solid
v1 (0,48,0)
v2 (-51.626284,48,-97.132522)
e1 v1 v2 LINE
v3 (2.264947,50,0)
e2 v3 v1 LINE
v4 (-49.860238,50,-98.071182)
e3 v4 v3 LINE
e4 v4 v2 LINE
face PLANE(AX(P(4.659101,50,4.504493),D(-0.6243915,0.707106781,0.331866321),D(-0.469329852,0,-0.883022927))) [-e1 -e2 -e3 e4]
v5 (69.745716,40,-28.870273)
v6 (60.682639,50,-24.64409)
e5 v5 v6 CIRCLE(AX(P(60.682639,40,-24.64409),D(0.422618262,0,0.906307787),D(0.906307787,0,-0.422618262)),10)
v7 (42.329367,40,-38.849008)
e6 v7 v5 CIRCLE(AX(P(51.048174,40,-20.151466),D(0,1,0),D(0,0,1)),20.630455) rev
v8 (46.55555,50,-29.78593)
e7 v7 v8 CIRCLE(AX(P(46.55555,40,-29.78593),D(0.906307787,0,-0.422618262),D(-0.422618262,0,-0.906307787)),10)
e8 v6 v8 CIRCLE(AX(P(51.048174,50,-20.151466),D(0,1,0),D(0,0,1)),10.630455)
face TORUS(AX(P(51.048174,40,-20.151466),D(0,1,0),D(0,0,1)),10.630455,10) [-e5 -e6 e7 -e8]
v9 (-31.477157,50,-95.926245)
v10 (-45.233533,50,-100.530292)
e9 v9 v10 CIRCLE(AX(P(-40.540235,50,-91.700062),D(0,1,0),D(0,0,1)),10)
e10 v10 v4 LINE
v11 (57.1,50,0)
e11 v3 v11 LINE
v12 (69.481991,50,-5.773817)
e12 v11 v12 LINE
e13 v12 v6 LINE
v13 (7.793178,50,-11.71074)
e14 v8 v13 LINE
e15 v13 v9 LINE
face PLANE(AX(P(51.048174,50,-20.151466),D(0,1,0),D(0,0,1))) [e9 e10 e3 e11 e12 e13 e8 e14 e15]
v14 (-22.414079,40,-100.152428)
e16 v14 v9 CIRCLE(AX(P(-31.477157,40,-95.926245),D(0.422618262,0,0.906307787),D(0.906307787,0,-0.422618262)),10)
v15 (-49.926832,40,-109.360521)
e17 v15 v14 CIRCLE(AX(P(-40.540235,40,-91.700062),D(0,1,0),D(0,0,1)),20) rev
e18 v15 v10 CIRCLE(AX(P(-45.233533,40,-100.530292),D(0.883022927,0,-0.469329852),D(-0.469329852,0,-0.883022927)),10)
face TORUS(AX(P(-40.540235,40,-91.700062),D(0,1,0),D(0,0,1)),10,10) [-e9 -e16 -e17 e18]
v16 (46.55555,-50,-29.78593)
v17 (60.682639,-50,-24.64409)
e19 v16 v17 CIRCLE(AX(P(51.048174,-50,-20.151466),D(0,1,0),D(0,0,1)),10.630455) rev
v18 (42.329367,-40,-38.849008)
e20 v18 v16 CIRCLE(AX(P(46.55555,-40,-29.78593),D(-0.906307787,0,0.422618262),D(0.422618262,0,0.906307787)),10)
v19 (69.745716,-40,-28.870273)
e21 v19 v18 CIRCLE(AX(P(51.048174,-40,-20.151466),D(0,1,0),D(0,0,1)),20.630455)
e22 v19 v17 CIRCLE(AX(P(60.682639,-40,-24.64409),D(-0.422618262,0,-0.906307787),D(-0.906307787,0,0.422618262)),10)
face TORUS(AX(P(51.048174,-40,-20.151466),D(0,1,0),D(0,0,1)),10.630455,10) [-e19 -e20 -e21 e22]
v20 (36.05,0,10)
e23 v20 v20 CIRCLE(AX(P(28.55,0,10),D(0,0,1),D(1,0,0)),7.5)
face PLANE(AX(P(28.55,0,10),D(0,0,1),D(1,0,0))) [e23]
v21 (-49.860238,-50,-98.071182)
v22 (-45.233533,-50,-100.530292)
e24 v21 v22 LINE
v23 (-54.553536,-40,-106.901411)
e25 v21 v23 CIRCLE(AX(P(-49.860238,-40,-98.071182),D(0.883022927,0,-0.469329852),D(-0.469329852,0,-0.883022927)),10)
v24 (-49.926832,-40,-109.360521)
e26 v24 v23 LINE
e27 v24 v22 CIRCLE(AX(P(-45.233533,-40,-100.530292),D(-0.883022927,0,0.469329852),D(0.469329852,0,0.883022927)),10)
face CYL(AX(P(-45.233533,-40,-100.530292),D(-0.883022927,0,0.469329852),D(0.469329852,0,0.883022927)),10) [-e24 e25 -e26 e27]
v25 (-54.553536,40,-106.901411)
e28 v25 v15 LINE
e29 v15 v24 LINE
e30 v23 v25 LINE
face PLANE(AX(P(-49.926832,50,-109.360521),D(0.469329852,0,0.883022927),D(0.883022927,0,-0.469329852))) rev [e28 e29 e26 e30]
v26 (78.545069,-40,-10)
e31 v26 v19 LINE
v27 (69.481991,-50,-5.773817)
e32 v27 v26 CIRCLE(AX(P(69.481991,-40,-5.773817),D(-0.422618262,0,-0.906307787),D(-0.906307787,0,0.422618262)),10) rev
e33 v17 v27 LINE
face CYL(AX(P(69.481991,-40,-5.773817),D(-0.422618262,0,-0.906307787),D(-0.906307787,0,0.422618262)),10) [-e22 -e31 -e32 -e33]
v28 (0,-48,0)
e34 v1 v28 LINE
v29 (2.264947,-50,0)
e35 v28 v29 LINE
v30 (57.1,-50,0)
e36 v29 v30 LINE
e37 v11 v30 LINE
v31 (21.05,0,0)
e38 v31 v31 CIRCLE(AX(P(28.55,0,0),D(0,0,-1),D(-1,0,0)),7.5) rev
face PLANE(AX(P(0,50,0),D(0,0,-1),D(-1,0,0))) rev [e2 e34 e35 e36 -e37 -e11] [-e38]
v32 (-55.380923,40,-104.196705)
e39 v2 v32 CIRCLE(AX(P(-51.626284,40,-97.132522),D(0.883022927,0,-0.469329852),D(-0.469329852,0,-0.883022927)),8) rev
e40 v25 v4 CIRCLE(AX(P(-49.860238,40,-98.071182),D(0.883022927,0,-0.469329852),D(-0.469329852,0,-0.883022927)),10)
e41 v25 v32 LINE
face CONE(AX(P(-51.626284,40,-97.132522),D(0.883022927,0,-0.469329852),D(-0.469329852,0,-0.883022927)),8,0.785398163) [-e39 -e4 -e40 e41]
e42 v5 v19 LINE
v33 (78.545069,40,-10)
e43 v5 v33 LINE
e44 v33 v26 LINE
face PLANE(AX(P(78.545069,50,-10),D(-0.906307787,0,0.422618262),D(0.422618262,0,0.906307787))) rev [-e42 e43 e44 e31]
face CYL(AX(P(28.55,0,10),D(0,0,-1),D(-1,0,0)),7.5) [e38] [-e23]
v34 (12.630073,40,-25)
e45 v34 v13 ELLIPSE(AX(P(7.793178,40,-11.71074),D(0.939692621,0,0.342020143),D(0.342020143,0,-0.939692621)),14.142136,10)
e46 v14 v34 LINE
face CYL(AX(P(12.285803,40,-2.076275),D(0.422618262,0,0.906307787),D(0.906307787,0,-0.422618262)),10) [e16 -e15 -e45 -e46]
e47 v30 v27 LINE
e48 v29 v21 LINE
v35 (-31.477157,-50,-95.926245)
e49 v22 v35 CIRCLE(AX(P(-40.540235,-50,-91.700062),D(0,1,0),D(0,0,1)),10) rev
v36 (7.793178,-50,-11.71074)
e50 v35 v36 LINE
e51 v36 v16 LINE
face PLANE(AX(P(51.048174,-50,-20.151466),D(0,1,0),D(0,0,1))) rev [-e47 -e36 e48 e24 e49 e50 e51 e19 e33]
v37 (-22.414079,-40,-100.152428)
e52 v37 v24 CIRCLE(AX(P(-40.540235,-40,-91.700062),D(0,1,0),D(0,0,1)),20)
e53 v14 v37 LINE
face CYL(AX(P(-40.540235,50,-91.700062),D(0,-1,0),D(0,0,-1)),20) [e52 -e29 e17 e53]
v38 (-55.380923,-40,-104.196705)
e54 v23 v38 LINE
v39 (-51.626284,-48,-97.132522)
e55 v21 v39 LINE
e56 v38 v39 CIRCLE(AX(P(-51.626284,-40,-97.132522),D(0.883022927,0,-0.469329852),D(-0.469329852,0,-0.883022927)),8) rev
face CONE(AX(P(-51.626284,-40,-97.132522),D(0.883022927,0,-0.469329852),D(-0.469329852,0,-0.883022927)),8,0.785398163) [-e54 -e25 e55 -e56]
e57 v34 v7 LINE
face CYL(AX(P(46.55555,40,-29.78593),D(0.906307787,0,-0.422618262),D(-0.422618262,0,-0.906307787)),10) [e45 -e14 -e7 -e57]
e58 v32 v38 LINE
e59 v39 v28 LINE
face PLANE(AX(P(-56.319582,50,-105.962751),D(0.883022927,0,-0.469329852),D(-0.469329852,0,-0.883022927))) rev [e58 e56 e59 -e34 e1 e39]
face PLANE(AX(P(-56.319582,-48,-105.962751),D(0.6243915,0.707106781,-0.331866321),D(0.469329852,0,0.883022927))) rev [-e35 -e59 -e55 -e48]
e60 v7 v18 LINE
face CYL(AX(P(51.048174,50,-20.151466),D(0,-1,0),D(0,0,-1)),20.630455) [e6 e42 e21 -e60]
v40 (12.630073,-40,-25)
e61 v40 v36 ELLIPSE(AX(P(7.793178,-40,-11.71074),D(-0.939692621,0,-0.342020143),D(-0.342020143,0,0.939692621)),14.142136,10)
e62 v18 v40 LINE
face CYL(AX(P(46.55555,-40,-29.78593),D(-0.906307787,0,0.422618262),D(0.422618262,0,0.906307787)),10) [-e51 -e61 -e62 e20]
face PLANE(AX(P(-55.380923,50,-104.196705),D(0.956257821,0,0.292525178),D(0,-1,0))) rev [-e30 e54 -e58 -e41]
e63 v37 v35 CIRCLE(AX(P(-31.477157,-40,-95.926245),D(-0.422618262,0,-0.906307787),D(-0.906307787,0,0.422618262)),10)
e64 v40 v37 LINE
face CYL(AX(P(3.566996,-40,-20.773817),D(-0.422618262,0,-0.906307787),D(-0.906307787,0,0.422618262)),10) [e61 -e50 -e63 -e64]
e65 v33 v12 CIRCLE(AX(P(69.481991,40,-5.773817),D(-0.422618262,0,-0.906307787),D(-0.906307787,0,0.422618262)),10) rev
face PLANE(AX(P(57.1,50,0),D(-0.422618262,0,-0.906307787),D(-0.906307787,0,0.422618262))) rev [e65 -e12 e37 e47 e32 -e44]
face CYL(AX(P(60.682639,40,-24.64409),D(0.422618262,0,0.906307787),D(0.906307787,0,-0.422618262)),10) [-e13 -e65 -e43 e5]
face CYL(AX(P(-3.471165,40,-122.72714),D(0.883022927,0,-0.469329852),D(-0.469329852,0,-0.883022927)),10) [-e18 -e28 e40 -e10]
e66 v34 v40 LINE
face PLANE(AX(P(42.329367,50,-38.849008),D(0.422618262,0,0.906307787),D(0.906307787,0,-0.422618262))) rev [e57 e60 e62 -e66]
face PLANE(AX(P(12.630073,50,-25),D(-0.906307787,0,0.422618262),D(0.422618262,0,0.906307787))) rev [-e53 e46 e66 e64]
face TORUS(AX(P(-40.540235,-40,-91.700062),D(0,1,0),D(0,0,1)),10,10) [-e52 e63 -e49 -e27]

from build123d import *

# Parameters (mm, degrees)
BOSS_EXTRUDE1_DEPTH = 50
SKETCH2_R           = 7.5
BOSS_EXTRUDE2_DEPTH = 10
FILLET1_R           = 10
CHAMFER1_SIZE       = 2


with BuildPart() as part:
    # Sketch1 → Boss-Extrude1 (new body, symmetric)
    with BuildSketch(Plane(origin=(0, 0, 0), x_dir=(1, 0, 0), z_dir=(0, 1, 0))):
        with BuildLine():
            Line((-56.319582284, 105.962751245), (0, 0))
            Line((0, 0), (57.1, 0))
            Line((57.1, 0), (78.545069205, 10))
            Line((78.545069205, 10), (69.74571647, 28.870272836))
            ThreePointArc((69.74571647, 28.870272836), (58.104205428, 39.537752317), (42.329366947, 38.849007995))
            Line((42.329366947, 38.849007995), (12.63007346, 25))
            Line((12.63007346, 25), (-22.414079104, 100.152427697))
            ThreePointArc((-22.414079104, 100.152427697), (-34.192619771, 110.666026263), (-49.926831892, 109.360521003))
            Line((-49.926831892, 109.360521003), (-56.319582284, 105.962751245))
        make_face()
    extrude(amount=BOSS_EXTRUDE1_DEPTH, both=True)

    # Sketch2 → Boss-Extrude2 (add)
    with BuildSketch(Plane.XY):
        with Locations((28.55, 0)):
            Circle(SKETCH2_R)
    extrude(amount=BOSS_EXTRUDE2_DEPTH)

    # Fillet1
    fillet1_edges = [part.edges().sort_by_distance(p)[0] for p in [
        (74.145392838, -50, -19.435136418),
        (-53.123207088, -50, -107.661636124),
        (74.145392838, 50, -19.435136418),
        (58.104205428, 50, -39.537752317),
        (27.479720204, 50, -31.924503997),
        (-4.892002822, 50, -62.576213849),
        (-34.192619771, 50, -110.666026263),
        (-53.123207088, 50, -107.661636124),
        (-34.192619771, -50, -110.666026263),
        (-4.892002822, -50, -62.576213849),
        (27.479720204, -50, -31.924503997),
        (58.104205428, -50, -39.537752317),
    ]]
    fillet(fillet1_edges, radius=FILLET1_R)

    # Chamfer1
    chamfer1_edges = [part.edges().sort_by_distance(p)[0] for p in [
        (-56.319582284, 0, -105.962751245),
        (-25.81314188, -50, -48.566260987),
        (-25.81314188, 50, -48.566260987),
        (-54.944946973, 47.071067812, -103.376436971),
        (-54.944946973, -47.071067812, -103.376436971),
    ]]
    chamfer(chamfer1_edges, length=CHAMFER1_SIZE)


solid = part.part
